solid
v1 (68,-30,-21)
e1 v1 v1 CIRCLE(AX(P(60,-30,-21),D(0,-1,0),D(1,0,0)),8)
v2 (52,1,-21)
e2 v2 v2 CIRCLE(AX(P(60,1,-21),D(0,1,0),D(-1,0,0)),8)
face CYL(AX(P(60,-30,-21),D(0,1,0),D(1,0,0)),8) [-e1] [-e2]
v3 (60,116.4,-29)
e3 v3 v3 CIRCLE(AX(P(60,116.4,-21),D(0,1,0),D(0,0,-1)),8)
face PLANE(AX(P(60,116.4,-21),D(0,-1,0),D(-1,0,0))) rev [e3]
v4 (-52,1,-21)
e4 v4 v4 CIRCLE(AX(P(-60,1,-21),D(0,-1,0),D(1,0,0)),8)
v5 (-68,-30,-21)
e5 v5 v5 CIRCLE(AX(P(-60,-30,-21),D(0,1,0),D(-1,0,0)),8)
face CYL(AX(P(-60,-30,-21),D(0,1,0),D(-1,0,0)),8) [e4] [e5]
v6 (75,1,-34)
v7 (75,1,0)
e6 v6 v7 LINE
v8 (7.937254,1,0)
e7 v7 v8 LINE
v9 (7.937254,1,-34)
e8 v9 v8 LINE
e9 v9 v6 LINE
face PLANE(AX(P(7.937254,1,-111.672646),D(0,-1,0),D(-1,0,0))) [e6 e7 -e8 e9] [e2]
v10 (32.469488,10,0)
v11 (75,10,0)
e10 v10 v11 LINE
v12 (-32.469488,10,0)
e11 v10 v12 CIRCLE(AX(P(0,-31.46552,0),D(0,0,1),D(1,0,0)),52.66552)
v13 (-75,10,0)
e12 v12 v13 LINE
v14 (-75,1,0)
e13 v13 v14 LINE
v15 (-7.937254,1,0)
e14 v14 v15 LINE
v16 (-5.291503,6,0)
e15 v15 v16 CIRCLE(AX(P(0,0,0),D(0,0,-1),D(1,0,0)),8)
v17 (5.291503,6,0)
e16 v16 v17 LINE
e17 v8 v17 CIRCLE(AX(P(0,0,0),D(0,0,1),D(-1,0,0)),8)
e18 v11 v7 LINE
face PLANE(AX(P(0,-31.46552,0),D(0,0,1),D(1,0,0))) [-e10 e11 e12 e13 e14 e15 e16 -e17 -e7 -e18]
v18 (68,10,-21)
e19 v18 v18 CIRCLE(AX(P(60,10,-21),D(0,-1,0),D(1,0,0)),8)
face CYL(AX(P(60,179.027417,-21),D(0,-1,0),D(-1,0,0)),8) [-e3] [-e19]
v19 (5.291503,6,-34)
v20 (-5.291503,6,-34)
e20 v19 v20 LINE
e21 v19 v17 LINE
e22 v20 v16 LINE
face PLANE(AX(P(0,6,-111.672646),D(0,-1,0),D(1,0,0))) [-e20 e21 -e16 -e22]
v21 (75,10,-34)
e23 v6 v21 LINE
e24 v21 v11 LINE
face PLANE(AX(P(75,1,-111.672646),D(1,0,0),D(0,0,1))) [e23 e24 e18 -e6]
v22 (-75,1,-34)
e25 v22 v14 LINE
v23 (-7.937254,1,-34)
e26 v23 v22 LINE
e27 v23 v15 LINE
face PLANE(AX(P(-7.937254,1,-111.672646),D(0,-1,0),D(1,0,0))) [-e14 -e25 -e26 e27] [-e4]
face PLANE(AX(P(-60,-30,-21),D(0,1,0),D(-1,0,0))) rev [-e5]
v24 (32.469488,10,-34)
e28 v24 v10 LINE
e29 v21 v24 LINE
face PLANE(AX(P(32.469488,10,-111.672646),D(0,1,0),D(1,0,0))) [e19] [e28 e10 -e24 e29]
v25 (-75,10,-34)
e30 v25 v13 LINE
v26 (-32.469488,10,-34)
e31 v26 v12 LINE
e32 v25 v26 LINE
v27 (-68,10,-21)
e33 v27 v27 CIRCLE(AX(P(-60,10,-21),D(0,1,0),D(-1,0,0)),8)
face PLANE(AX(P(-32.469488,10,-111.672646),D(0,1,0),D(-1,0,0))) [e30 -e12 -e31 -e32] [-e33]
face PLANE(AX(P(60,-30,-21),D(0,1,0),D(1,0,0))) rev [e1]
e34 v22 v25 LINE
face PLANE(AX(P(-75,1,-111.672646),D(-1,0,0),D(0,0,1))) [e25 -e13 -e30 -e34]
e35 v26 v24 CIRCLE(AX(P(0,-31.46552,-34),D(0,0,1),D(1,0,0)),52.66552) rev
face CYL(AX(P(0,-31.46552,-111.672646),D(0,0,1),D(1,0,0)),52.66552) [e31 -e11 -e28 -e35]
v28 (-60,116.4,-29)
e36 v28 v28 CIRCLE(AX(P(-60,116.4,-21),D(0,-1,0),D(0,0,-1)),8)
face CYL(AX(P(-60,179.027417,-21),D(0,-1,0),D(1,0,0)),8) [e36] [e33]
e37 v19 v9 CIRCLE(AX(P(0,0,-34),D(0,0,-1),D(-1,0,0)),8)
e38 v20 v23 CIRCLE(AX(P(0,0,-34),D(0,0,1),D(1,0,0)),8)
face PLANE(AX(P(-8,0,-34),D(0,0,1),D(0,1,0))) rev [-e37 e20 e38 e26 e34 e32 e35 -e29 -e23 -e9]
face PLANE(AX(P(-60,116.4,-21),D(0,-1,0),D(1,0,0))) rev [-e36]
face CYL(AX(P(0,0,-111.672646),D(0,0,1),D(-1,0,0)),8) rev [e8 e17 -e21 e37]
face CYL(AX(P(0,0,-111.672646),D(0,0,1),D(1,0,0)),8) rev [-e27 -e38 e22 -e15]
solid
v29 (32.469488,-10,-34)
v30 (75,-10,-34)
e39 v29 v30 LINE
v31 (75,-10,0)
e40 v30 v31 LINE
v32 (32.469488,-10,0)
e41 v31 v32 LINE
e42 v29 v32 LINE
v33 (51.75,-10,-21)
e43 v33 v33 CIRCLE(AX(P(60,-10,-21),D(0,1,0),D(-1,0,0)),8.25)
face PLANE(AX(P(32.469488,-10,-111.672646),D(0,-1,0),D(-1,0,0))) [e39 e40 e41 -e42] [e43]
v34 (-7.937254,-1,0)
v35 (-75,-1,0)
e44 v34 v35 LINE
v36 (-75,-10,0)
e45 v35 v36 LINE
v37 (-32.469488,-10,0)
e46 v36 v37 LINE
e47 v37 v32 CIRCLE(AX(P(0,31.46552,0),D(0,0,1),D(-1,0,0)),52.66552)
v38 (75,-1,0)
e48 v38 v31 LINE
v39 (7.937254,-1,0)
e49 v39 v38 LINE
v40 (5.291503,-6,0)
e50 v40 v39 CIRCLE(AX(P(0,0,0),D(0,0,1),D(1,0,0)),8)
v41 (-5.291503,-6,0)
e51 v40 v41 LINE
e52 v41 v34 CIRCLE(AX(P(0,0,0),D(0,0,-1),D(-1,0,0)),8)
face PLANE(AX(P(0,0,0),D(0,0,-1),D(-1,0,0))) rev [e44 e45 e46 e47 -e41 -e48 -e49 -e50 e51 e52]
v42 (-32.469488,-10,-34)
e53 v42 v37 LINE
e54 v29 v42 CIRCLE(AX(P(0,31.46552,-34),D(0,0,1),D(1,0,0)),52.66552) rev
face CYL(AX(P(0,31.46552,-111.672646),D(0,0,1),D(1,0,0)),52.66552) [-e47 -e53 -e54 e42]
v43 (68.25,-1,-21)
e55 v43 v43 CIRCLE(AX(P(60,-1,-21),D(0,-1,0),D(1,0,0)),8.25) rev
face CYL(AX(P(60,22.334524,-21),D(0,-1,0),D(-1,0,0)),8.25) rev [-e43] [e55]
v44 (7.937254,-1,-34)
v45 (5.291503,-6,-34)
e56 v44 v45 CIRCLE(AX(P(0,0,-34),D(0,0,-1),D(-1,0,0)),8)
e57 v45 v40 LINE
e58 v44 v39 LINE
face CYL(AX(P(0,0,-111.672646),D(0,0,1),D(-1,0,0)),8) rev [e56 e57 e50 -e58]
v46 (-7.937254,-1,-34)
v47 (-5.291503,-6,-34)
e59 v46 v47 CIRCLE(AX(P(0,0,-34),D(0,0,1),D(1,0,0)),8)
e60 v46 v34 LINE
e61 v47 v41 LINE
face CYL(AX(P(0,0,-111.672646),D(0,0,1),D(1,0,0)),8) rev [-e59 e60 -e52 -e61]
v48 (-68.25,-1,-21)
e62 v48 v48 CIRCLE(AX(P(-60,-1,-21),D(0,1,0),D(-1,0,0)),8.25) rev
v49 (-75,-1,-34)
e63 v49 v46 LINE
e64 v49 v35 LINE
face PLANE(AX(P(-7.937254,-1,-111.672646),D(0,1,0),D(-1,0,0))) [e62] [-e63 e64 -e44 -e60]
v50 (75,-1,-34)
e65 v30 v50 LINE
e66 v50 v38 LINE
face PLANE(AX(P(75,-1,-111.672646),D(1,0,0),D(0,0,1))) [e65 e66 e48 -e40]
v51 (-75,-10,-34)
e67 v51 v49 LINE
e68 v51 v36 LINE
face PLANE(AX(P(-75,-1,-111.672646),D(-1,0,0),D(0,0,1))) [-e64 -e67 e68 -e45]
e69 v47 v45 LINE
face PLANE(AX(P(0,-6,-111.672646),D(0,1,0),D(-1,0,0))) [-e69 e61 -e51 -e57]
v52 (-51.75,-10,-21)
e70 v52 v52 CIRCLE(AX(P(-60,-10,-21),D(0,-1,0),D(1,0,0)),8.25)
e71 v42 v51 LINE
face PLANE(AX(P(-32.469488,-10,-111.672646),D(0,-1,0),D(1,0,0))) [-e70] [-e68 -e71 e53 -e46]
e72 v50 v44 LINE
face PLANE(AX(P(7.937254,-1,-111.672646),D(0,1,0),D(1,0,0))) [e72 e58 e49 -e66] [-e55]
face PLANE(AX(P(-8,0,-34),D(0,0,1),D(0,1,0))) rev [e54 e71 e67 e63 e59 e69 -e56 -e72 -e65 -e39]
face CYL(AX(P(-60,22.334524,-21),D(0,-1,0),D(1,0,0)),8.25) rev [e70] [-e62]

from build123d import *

# Parameters (mm, degrees)
EXTRUDE_1_DEPTH     = 34
EXTRUDE_1_2_DEPTH   = 34
SKETCH_3_R          = 8
EXTRUDE_2_DEPTH     = 106.4
SKETCH_3_2_R        = 8
EXTRUDE_3_DEPTH     = 40
SKETCH_4_R          = 8.25
CUT_EXTRUDE_1_DEPTH = 9


with BuildPart() as part:
    # Эскиз1 → Бобышка-Вытянуть1 (new body)
    with BuildSketch(Plane.XY):
        with BuildLine():
            Line((0, 21.2), (0, 6))
            Line((0, 6), (-5.291502622, 6))
            ThreePointArc((-5.291502622, 6), (-7.071067812, 3.741657387), (-7.937253933, 1))
            Line((-7.937253933, 1), (-75, 1))
            Line((-75, 1), (-75, 10))
            Line((-75, 10), (-32.469488078, 10))
            ThreePointArc((-32.469488078, 10), (-17.17343629, 18.321326505), (0, 21.2))
        make_face()
    extrude(amount=-EXTRUDE_1_DEPTH)

    # Эскиз3 → Бобышка-Вытянуть2 (add)
    with BuildSketch(Plane(origin=(0, 10, 0), x_dir=(1, 0, 0), z_dir=(0, 1, 0))):
        with Locations((-60, 21)):
            Circle(SKETCH_3_R)
    extrude(amount=EXTRUDE_2_DEPTH)

    # Эскиз3<2> → Бобышка-Вытянуть3 (add)
    with BuildSketch(Plane(origin=(0, 10, 0), x_dir=(1, 0, 0), z_dir=(0, 1, 0))):
        with Locations((-60, 21)):
            Circle(SKETCH_3_2_R)
    extrude(amount=-EXTRUDE_3_DEPTH)

    # Зеркальное отражение1: part across plane


with BuildPart() as body_2:
    # Эскиз1 → Extrude 1 2 (new body)
    with BuildSketch(Plane.XY):
        with BuildLine():
            Line((0, -6), (-5.291502622, -6))
            ThreePointArc((-5.291502622, -6), (-7.071067812, -3.741657387), (-7.937253933, -1))
            Line((-7.937253933, -1), (-75, -1))
            Line((-75, -1), (-75, -10))
            Line((-75, -10), (-32.469488078, -10))
            ThreePointArc((-32.469488078, -10), (-17.17343629, -18.321326505), (0, -21.2))
            Line((0, -21.2), (0, -6))
        make_face()
    extrude(amount=-EXTRUDE_1_2_DEPTH)

    # Эскиз4 → Вырез-Вытянуть1 (cut)
    with BuildSketch(Plane.XZ.offset(10)):
        with Locations((-60, -21)):
            Circle(SKETCH_4_R)
    extrude(amount=-CUT_EXTRUDE_1_DEPTH, mode=Mode.SUBTRACT)

    # Mirror 1 2: body 2 across plane


with BuildPart() as part_1:
    add(part.part)
    add(part.part.mirror(Plane(origin=(0, -21.2, -111.672646408), x_dir=(0, 0, 1), z_dir=(1, 0, 0))))


with BuildPart() as body_2_1:
    add(body_2.part)
    add(body_2.part.mirror(Plane(origin=(0, -21.2, -111.672646408), x_dir=(0, 0, 1), z_dir=(1, 0, 0))))


solid = Compound([part_1.part, body_2_1.part])
